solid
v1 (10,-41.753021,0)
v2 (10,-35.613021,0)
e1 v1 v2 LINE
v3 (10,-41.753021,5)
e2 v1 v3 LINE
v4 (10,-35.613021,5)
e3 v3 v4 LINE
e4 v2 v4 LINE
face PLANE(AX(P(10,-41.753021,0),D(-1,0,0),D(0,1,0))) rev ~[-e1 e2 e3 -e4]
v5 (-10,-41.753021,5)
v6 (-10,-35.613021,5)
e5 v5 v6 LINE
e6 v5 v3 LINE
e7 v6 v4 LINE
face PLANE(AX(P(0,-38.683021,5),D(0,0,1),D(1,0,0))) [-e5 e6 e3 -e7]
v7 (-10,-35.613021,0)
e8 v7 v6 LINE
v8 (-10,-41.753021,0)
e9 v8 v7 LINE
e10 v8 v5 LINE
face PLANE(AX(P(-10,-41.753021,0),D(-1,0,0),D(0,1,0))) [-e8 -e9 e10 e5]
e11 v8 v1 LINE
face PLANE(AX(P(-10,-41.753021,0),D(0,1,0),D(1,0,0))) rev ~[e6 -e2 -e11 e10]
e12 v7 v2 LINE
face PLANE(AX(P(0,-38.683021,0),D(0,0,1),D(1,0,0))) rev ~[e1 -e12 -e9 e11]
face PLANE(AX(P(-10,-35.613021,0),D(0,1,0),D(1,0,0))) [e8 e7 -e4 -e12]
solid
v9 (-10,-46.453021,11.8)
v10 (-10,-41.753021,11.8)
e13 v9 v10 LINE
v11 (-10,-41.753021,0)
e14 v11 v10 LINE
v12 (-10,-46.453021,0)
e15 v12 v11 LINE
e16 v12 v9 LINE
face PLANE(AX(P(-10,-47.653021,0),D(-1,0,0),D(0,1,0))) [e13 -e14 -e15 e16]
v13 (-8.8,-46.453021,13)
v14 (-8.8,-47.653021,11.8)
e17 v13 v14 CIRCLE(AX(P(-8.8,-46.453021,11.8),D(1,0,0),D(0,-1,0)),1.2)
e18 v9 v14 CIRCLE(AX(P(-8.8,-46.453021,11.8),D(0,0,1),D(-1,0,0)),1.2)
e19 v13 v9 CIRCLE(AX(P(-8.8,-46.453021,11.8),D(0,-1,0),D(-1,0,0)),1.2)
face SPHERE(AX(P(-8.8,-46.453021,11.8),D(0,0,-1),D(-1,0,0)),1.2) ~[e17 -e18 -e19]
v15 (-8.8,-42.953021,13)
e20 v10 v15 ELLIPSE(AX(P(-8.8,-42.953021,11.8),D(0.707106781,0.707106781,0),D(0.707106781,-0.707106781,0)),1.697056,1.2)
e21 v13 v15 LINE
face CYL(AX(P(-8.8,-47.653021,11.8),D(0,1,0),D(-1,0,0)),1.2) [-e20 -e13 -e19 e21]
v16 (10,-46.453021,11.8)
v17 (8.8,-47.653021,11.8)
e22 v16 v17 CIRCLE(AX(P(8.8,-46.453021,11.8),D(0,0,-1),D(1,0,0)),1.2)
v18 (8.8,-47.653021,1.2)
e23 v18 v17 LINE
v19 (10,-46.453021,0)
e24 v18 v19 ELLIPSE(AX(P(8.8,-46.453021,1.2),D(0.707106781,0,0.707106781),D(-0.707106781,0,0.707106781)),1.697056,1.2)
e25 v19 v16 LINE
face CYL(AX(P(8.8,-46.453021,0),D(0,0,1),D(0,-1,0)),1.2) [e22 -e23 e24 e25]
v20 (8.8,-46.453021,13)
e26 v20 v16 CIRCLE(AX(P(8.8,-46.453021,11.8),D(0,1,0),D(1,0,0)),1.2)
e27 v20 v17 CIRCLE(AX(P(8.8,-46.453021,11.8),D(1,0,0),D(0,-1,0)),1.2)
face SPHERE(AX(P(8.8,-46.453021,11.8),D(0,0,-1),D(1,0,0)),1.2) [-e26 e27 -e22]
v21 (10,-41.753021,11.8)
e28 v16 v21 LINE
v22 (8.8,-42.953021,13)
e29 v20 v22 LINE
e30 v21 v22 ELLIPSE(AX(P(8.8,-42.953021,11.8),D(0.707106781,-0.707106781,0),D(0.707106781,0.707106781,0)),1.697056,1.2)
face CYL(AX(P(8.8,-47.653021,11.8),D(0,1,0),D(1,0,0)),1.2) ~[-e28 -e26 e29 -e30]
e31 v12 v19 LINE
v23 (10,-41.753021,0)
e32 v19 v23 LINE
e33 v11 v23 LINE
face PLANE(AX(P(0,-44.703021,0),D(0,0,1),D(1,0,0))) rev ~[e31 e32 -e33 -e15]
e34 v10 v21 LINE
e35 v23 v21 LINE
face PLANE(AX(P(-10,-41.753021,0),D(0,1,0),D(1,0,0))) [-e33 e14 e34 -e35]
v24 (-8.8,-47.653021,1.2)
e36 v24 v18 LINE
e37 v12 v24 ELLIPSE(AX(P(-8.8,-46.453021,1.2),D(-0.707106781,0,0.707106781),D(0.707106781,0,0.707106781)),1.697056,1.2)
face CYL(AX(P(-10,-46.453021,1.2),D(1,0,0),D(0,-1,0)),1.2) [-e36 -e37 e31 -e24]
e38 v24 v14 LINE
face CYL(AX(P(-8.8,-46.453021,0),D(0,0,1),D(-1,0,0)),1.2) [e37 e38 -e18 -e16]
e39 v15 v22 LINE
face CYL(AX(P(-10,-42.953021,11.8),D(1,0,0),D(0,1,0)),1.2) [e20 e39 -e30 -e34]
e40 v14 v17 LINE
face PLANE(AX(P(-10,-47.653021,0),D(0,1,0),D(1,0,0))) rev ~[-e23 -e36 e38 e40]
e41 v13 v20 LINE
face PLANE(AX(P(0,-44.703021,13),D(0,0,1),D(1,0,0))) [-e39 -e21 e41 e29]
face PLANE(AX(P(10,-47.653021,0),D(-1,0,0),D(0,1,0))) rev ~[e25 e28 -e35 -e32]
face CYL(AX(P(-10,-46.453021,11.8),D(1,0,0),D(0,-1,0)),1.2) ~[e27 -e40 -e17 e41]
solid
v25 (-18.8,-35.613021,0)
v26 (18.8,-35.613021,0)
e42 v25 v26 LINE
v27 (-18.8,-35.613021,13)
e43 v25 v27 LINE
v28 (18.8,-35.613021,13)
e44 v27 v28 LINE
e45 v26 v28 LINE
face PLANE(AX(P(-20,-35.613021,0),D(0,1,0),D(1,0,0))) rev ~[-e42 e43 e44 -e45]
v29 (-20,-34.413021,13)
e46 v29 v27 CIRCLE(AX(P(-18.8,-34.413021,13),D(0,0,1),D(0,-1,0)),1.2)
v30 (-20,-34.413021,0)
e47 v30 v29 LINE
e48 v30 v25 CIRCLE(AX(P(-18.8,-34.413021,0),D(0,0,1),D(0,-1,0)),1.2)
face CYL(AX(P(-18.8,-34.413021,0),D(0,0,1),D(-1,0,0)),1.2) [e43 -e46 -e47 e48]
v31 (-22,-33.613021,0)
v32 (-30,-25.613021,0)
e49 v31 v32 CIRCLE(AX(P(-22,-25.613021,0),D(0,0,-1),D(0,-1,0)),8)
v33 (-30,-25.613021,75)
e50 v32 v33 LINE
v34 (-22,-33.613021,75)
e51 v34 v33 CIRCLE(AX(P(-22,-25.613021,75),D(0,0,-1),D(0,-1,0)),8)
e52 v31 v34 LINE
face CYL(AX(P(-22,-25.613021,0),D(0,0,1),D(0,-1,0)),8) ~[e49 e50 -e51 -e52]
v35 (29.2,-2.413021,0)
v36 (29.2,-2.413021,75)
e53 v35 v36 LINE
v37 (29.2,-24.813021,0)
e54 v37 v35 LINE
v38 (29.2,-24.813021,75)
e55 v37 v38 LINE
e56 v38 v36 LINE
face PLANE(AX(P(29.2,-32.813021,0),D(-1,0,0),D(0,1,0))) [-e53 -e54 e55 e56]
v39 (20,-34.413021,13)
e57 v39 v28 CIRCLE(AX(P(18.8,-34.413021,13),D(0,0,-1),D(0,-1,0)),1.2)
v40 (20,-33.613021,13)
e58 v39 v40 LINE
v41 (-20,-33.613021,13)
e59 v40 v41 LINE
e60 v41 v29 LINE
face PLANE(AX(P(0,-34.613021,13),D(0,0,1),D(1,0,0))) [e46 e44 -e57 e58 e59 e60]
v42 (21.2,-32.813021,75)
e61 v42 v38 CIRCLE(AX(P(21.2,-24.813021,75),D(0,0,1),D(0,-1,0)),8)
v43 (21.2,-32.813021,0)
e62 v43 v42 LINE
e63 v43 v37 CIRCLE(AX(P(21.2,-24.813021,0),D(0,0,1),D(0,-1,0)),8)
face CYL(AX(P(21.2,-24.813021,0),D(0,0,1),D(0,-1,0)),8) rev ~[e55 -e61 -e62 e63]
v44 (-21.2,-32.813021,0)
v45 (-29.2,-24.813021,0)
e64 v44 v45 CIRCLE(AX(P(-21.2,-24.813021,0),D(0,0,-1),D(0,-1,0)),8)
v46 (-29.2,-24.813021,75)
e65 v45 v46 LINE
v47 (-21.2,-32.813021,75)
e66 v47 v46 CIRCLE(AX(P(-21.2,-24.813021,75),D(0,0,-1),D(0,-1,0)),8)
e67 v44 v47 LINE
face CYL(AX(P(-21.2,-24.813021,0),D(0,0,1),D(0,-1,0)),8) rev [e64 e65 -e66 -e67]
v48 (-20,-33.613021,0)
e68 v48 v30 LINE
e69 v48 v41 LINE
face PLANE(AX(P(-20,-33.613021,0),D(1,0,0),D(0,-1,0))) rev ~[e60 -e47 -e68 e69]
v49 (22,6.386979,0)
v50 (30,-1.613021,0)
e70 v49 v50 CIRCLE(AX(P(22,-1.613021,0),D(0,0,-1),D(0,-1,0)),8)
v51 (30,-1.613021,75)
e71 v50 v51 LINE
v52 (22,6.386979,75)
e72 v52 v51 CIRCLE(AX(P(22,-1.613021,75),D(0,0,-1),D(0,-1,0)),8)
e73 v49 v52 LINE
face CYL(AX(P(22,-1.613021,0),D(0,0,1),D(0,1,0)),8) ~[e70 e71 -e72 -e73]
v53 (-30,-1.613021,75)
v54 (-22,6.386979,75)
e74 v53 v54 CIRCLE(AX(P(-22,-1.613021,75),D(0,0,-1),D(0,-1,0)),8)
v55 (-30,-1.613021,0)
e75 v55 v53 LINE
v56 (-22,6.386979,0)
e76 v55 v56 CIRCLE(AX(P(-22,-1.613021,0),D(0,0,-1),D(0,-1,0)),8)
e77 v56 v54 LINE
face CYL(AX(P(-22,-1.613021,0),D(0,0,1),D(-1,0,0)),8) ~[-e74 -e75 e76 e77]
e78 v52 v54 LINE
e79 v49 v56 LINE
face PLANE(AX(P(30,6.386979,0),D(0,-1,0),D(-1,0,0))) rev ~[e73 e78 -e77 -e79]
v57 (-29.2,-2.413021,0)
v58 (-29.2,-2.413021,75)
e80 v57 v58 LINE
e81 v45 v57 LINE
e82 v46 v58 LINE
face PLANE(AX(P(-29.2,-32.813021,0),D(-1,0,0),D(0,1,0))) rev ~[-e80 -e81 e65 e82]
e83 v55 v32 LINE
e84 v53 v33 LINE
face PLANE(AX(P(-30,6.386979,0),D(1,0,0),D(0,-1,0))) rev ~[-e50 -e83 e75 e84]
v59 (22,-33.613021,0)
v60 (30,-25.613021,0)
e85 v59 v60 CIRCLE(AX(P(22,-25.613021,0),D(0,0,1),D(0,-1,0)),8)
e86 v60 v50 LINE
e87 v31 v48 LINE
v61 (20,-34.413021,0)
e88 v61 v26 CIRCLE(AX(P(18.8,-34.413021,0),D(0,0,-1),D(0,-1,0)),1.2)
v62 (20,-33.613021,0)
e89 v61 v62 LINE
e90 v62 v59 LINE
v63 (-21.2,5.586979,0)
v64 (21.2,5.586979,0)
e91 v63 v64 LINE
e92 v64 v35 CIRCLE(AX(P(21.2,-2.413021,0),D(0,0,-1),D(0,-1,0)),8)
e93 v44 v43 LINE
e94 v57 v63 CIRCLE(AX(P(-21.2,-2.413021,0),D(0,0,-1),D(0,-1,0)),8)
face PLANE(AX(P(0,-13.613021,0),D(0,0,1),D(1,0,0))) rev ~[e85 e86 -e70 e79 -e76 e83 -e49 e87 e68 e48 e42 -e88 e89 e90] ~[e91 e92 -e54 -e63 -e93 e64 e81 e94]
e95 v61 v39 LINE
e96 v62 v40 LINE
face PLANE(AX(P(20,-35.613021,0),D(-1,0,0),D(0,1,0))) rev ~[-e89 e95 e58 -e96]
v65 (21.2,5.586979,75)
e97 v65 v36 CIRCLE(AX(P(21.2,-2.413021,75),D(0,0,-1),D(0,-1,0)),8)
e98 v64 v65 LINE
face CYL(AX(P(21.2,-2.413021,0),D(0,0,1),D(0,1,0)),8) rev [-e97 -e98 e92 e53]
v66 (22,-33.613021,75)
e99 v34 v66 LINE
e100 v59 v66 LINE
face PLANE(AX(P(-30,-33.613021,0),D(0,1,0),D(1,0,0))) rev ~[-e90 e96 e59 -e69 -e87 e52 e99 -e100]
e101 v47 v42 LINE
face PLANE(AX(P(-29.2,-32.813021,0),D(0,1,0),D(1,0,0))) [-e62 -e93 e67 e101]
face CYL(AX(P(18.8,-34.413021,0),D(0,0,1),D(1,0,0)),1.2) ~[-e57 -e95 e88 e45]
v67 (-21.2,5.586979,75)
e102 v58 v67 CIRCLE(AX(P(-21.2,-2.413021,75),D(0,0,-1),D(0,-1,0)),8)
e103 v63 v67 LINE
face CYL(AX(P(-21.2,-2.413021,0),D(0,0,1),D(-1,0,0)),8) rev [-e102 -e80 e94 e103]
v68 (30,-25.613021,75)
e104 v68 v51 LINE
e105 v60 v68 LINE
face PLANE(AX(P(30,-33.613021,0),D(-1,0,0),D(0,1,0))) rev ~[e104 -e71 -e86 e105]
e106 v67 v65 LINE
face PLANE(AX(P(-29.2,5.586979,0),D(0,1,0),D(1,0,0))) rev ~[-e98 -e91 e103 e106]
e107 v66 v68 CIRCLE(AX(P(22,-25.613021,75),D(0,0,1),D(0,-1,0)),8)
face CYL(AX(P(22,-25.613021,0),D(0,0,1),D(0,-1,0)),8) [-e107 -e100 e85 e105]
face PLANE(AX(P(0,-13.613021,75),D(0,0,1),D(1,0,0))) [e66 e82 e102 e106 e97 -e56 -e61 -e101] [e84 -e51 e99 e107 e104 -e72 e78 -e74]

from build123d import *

# Parameters (mm, degrees)
F0_W     = 20
F0_H     = 5.9
F1_DEPTH = 13
F0_H_2   = 6.14
F2_DEPTH = 5
F0_W_2   = 58.4
F0_H_3   = 38.4
F3_DEPTH = 75
F4_R     = 1.2
F4_2_R   = 1.2
F5_R     = 8


with BuildPart() as f1:
    # F0 (on Top) → F1 (new body)
    with BuildSketch(Plane.XY):
        with Locations((0, -44.7030205363)):
            Rectangle(F0_W, F0_H)
    extrude(amount=F1_DEPTH)

    # F4
    f4_edges = [f1.edges().sort_by_distance(p)[0] for p in [
        (10, -47.653021, 6.5),
        (-10, -47.653021, 6.5),
        (10, -44.703021, 13),
        (0, -41.753021, 13),
        (-10, -44.703021, 13),
        (0, -47.653021, 13),
        (0, -47.653021, 0),
    ]]
    fillet(f4_edges, radius=F4_R)


with BuildPart() as f1b:
    # F0 (on Top) → F1, piece 2 (new body)
    with BuildSketch(Plane.XY):
        Polygon((20, -35.6130205363), (20, -33.6130205363), (-20, -33.6130205363), (-20, -35.6130205363), (-10, -35.6130205363), (10, -35.6130205363), align=None)
    extrude(amount=F1_DEPTH)

    # F0 (on Top) → F3 (join)
    with BuildSketch(Plane.XY):
        Polygon((20, -33.6130205363), (30, -33.6130205363), (30, 6.3869794637), (-30, 6.3869794637), (-30, -33.6130205363), (-20, -33.6130205363), align=None)
        with Locations((0, -13.6130205363)):
            Rectangle(F0_W_2, F0_H_3, mode=Mode.SUBTRACT)
    extrude(amount=F3_DEPTH)

    # F4#2
    f4_2_edges = [f1b.edges().sort_by_distance(p)[0] for p in [
        (20, -35.613021, 6.5),
        (-20, -35.613021, 6.5),
    ]]
    fillet(f4_2_edges, radius=F4_2_R)

    # F5
    f5_edges = [f1b.edges().sort_by_distance(p)[0] for p in [
        (29.2, 5.586979, 37.5),
        (29.2, -32.813021, 37.5),
        (-29.2, -32.813021, 37.5),
        (-29.2, 5.586979, 37.5),
        (-30, -33.613021, 37.5),
        (-30, 6.386979, 37.5),
        (30, -33.613021, 37.5),
        (30, 6.386979, 37.5),
    ]]
    fillet(f5_edges, radius=F5_R)


with BuildPart() as f2:
    # F0 (on Top) → F2 (new body)
    with BuildSketch(Plane.XY):
        with Locations((0, -38.6830205363)):
            Rectangle(F0_W, F0_H_2)
    extrude(amount=F2_DEPTH)


solid = Compound([f1.part, f1b.part, f2.part])
